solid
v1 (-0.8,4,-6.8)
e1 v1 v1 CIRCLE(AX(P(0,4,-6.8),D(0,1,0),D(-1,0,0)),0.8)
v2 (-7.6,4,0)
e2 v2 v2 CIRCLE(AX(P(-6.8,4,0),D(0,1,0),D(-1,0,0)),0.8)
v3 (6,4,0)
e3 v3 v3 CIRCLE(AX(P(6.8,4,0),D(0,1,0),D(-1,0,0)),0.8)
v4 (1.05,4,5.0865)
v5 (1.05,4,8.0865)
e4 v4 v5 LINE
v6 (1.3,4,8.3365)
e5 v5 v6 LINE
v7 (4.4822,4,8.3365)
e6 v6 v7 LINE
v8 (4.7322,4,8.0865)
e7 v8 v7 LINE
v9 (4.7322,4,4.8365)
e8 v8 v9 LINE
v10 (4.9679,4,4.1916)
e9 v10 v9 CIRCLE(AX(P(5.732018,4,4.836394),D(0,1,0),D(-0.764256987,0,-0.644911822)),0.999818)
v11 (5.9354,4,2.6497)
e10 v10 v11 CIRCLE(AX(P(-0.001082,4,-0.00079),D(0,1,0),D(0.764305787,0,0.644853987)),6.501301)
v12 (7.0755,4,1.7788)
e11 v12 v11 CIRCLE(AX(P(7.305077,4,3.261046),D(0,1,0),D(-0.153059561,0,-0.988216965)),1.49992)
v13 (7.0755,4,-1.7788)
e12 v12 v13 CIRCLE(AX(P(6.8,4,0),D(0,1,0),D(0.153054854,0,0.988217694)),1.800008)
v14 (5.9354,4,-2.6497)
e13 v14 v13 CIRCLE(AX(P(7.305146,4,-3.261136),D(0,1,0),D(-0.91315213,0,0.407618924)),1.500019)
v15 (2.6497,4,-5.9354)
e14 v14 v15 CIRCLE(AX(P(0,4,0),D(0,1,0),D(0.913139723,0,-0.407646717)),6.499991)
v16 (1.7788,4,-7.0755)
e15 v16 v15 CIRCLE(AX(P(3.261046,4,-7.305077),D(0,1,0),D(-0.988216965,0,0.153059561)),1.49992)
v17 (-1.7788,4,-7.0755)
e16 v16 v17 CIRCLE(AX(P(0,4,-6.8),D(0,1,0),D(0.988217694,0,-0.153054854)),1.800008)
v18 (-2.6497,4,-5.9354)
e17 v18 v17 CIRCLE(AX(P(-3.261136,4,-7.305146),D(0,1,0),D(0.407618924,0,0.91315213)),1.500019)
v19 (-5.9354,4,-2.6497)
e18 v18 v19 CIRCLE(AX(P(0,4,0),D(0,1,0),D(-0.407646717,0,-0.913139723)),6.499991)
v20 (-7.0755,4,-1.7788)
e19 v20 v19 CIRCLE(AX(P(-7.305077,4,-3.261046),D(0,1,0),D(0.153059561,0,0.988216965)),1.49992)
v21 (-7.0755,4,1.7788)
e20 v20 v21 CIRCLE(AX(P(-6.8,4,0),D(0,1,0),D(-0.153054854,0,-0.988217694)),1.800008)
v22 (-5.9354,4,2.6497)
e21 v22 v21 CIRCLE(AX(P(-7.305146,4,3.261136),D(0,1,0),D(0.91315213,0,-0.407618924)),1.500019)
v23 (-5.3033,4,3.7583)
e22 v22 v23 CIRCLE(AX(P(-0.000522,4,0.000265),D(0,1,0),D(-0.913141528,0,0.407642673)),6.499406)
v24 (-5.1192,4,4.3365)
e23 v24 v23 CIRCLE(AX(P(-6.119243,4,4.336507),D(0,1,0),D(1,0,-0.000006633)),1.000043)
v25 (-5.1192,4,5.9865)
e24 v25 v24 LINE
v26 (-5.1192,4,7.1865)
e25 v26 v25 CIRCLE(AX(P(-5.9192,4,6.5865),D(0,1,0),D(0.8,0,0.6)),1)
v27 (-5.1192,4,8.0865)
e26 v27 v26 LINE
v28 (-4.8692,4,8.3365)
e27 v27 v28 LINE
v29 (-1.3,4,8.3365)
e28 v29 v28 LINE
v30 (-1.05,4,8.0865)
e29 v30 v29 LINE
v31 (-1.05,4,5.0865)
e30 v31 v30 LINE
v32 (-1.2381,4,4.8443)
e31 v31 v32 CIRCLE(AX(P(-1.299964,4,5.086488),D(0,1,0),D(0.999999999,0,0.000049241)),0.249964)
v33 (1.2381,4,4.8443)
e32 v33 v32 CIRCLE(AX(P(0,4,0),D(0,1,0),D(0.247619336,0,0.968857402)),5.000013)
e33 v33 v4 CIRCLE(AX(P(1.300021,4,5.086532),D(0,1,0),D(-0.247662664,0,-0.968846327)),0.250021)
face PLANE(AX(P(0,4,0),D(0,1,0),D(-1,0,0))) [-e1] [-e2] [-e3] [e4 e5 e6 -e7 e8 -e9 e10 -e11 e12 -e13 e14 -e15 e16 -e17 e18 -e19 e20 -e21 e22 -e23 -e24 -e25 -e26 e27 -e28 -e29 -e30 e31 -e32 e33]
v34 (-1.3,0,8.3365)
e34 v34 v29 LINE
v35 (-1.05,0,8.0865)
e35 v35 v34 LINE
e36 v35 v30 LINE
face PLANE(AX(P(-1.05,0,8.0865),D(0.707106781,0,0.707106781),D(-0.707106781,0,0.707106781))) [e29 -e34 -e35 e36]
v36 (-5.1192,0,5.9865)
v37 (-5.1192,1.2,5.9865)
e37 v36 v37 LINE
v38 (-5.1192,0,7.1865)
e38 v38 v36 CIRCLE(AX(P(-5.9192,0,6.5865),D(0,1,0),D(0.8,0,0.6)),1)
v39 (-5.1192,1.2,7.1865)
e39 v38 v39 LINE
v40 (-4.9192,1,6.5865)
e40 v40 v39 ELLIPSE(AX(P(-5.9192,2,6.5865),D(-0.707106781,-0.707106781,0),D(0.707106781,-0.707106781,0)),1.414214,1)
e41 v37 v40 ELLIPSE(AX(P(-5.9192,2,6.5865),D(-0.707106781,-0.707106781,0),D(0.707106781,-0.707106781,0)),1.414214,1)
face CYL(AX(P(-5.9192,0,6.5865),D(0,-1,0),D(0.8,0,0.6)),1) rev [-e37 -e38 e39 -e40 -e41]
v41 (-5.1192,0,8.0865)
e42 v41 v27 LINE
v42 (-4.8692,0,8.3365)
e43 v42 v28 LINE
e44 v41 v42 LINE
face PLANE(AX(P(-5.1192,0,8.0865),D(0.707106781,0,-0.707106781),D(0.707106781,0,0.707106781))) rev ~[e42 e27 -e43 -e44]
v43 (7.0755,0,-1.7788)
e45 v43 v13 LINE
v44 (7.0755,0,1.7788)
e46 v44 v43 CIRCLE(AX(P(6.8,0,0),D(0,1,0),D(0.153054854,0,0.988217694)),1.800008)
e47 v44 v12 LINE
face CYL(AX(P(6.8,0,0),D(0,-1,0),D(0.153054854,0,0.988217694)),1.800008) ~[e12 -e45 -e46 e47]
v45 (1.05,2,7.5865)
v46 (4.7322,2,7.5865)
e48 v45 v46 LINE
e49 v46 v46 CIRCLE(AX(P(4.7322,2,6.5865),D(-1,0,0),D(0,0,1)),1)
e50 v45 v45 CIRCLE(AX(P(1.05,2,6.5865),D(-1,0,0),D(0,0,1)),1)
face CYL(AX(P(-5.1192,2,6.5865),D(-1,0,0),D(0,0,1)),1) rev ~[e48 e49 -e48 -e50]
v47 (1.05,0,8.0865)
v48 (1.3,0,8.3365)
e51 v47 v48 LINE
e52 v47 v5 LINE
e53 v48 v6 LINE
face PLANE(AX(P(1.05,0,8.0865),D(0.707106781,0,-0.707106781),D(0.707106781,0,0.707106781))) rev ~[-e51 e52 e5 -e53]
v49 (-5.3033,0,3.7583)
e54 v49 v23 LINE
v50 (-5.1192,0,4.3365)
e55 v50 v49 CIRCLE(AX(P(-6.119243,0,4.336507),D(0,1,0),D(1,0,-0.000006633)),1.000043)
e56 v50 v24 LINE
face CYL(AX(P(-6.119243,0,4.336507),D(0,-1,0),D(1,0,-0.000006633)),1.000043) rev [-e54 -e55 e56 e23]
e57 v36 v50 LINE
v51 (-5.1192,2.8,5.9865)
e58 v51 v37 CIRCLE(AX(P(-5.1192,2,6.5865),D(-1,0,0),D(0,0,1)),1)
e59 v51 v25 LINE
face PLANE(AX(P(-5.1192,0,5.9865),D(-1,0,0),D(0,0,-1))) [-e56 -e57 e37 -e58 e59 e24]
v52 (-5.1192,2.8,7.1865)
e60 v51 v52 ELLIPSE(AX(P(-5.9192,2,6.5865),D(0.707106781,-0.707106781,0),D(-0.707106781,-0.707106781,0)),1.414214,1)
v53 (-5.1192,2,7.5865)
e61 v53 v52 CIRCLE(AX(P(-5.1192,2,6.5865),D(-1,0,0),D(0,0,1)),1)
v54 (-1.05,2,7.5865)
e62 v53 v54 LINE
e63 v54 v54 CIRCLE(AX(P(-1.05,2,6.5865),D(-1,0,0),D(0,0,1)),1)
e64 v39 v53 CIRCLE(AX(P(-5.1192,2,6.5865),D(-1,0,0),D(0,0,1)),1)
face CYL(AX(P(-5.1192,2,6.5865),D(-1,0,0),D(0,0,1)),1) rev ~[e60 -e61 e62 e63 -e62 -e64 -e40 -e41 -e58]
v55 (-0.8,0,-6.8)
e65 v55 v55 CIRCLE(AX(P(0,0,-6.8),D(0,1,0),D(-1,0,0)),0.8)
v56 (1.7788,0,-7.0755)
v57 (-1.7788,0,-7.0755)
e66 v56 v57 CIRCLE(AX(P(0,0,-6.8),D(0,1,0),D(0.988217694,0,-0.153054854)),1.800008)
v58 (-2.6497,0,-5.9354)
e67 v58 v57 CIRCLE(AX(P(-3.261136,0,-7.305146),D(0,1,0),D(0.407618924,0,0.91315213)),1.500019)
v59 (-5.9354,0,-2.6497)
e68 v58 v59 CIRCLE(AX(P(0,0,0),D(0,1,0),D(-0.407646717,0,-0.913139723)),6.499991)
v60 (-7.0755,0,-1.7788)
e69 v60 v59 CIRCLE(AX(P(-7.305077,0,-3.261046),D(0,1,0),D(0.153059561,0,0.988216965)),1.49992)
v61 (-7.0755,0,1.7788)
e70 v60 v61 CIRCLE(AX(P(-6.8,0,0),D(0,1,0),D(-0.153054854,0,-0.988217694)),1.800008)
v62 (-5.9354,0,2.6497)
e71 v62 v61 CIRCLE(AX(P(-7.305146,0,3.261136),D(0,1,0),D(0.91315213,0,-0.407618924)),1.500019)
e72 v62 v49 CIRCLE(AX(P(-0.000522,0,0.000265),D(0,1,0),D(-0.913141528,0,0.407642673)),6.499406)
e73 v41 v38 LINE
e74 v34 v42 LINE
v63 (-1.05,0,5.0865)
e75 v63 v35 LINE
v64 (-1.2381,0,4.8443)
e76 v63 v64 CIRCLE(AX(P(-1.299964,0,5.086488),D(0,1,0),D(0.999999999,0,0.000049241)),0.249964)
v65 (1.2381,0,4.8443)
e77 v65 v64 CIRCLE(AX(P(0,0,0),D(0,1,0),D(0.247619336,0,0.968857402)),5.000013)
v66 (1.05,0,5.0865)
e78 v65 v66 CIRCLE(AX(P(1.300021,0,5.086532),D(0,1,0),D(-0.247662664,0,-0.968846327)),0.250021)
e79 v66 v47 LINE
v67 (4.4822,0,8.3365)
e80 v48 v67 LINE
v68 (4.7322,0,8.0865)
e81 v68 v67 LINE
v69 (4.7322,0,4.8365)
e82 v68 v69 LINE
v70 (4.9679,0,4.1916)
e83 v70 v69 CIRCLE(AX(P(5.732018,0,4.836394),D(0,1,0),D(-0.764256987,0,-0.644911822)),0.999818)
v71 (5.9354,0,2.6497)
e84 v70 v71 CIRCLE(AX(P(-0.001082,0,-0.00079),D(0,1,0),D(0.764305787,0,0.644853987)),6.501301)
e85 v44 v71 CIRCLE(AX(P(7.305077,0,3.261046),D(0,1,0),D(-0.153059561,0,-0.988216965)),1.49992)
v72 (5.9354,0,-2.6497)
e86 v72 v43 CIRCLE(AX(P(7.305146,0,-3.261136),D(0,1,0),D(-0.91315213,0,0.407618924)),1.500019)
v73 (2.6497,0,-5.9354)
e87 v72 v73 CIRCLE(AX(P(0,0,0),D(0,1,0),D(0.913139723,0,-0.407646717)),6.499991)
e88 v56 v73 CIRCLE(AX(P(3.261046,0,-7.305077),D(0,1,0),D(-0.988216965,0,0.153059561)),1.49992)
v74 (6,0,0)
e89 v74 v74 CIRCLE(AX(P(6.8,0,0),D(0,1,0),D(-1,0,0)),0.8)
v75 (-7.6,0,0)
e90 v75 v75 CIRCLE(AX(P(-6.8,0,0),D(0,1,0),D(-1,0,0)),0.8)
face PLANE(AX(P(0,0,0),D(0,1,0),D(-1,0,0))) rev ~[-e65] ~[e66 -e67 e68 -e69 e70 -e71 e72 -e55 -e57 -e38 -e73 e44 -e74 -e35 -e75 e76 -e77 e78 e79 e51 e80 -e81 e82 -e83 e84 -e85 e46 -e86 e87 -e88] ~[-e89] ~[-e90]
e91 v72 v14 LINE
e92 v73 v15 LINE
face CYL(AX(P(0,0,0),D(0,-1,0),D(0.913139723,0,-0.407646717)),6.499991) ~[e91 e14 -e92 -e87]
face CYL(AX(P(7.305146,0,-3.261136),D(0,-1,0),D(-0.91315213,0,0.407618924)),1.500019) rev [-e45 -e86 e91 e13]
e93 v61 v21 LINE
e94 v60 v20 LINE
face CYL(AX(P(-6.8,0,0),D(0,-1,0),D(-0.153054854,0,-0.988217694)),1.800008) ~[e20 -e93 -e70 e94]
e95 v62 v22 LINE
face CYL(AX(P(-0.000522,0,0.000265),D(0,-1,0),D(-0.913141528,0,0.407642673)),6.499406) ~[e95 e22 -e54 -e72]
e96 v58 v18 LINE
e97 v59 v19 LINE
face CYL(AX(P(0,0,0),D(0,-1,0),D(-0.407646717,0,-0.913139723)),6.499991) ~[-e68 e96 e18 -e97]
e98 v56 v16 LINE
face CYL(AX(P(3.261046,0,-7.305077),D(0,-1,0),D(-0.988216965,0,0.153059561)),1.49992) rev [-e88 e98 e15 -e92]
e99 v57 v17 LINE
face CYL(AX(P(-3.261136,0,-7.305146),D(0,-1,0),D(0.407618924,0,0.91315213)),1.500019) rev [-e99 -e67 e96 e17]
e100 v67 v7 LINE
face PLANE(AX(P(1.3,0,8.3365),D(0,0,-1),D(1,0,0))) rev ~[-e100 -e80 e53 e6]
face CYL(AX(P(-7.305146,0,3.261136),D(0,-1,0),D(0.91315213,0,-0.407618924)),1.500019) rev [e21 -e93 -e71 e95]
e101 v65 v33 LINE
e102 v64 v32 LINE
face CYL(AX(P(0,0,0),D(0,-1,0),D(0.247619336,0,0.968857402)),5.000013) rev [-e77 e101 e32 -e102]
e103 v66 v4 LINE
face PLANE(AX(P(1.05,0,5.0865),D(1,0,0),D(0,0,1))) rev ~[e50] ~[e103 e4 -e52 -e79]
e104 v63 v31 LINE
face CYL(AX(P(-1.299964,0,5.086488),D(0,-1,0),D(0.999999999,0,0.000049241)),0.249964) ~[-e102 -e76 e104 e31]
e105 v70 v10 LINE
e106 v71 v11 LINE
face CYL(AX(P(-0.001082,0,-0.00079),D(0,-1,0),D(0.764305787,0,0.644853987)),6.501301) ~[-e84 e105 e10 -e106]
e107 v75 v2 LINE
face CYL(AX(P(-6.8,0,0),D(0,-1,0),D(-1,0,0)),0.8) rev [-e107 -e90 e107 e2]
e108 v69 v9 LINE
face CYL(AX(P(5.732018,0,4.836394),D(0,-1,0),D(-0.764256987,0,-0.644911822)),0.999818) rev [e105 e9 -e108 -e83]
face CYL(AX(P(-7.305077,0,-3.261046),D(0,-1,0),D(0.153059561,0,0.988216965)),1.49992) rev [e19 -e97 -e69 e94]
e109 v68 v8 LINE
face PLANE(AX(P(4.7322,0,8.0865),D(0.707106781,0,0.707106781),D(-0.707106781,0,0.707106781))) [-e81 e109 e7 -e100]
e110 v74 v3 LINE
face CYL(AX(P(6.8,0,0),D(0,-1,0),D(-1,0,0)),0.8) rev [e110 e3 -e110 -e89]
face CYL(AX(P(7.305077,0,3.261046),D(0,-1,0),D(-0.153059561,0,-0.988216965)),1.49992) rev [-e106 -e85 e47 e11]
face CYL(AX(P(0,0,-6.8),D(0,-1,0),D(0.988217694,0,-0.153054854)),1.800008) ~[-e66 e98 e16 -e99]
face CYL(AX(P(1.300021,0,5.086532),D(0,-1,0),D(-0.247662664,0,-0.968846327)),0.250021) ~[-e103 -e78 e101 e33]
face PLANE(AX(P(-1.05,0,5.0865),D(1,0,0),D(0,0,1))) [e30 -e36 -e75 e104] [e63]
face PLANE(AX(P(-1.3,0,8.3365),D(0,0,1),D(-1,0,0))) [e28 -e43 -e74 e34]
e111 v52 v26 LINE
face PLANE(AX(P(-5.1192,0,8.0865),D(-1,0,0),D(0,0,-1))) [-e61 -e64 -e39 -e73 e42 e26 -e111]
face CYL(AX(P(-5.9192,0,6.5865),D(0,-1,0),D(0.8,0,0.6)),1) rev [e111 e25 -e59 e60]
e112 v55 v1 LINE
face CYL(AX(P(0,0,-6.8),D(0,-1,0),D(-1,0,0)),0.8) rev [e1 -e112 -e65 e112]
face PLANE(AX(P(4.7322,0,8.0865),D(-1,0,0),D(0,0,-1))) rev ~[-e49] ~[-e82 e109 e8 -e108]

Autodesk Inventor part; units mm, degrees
ref_plane "YZ Plane" through (0, 0, 0) normal (1, 0, 0) x (0, 1, 0)
ref_plane "XZ Plane" through (0, 0, 0) normal (0, 1, 0) x (-1, 0, 0)
ref_plane "XY Plane" through (0, 0, 0) normal (0, 0, 1) x (1, 0, 0)
sketch "スケッチ1" plane through (0, 0, 0) normal (0, 1, 0) x (-1, 0, 0)
  arc A0 (-1.2381, 4.8443) -> (1.2381, 4.8443) centre (0, 0) ccw
  line L0 (1.05, 5.0865) -> (1.05, 8.0865)
  line L1 (1.3, 8.3365) -> (4.8692, 8.3365)
  line L2 (-1.05, 5.0865) -> (-1.05, 8.0865)
  line L3 (-1.3, 8.3365) -> (-4.4822, 8.3365)
  line L4 (-4.7322, 8.0865) -> (-4.7322, 4.8365)
  line L5 (0, 0) -> (0, 8.2759) construction
  arc A1 (1.05, 5.0865) -> (1.2381, 4.8443) centre (1.3, 5.0865) ccw
  arc A2 (-1.2381, 4.8443) -> (-1.05, 5.0865) centre (-1.3, 5.0865) ccw
  arc A3 (-1.7788, -7.0755) -> (1.7788, -7.0755) centre (0, -6.8) ccw
  arc A4 (-4.9679, 4.1916) -> (-5.9354, 2.6497) centre (0, 0) ccw
  arc A5 (2.6497, -5.9354) -> (5.9354, -2.6497) centre (0, 0) ccw
  line L6 (0, -6.8) -> (0, 0) construction
  arc A6 (2.6497, -5.9354) -> (1.7788, -7.0755) centre (3.2611, -7.3051) ccw
  arc A7 (-1.7788, -7.0755) -> (-2.6497, -5.9354) centre (-3.2611, -7.3051) ccw
  circle A8 centre (0, -6.8) radius 0.8
  arc A9 (5.1192, 4.3365) -> (5.3033, 3.7583) centre (6.1192, 4.3365) ccw
  arc A10 (-4.9679, 4.1916) -> (-4.7322, 4.8365) centre (-5.7322, 4.8365) ccw
  line L7 (1.05, 8.0865) -> (1.3, 8.3365)
  line L8 (-1.05, 8.0865) -> (-1.3, 8.3365)
  arc A11 (5.1192, 7.1865) -> (5.1192, 5.9865) centre (5.9192, 6.5865) ccw
  line L9 (5.1192, 8.0865) -> (5.1192, 7.1865)
  line L10 (5.1192, 5.9865) -> (5.1192, 4.3365)
  line L11 (1.05, 6.5865) -> (5.9192, 6.5865) construction
  line L12 (5.1192, 8.0865) -> (4.8692, 8.3365)
  line L13 (-4.7322, 8.0865) -> (-4.4822, 8.3365)
  arc A12 (7.0755, -1.7788) -> (7.0755, 1.7788) centre (6.8, 0) ccw
  arc A13 (6.2684, -1.7197) -> (6.2684, 1.7197) centre (0, 0) ccw construction
  arc A14 (5.9354, 2.6497) -> (5.3033, 3.7583) centre (0, 0) ccw
  circle A15 centre (6.8, 0) radius 0.8
  arc A16 (7.0755, -1.7788) -> (5.9354, -2.6497) centre (7.3051, -3.2611) ccw
  arc A17 (5.9354, 2.6497) -> (7.0755, 1.7788) centre (7.3051, 3.2611) ccw
  line L14 (6.8, 0) -> (0, 0) construction
  arc A18 (-7.0755, 1.7788) -> (-7.0755, -1.7788) centre (-6.8, 0) ccw
  circle A19 centre (-6.8, 0) radius 0.8
  arc A20 (-5.9354, -2.6497) -> (-7.0755, -1.7788) centre (-7.3051, -3.2611) ccw
  arc A21 (-7.0755, 1.7788) -> (-5.9354, 2.6497) centre (-7.3051, 3.2611) ccw
  arc A22 (-5.9354, -2.6497) -> (-2.6497, -5.9354) centre (0, 0) ccw
  arc A23 (-5.9354, 2.6497) -> (-5.9354, -2.6497) centre (0, 0) ccw construction
  point P0 (-1.05, 4.8885)
  point P1 (1.05, 4.8885)
  point P2 (1.05, 8.3365)
  point P3 (5.1192, 8.3365)
  point P4 (5.1192, 4.0055)
  point P5 (-1.05, 8.3365)
  point P6 (-4.7322, 8.3365)
  point P7 (-4.7322, 4.456)
  dimension "d0" = 5
  dimension "d1" = 2.1
  dimension "d2" = 0.25
  dimension "d8" = 6.5
  dimension "d9" = 1.8
  dimension "d11" = 1.5
  dimension "d12" = 1.6
  dimension "d13" = 1
  dimension "d14" = 4
  dimension "d15" = 3.5
  dimension "d16" = 0.25
  dimension "d17" = 0.25
  dimension "d18" = 0.25
  dimension "d19" = 0.25
  dimension "d20" = 3
  dimension "d21" = 1
  dimension "d22" = 0.8
  dimension "d23" = 0.25
  dimension "d24" = 0.25
  dimension "d25" = 0.25
  dimension "d26" = 0.25
  dimension "d27" = 1.5
extrude "押し出し1" add sketch "スケッチ1" along normal blind 4
sketch "スケッチ2" plane through (-5.1192, 0, 7.1865) normal (-1, 0, 0) x (0, 0, 1)
  circle A0 centre (-0.6, 2) radius 1
  line L0 (-0.6, 2) -> (-0.6, 4) construction
  line L1 (-2.1, 4) -> (0.9, 4) construction
  point P0 (-7.1865, 0)
  dimension "d30" = 2
  dimension "d31" = 2
extrude "押し出し2" cut sketch "スケッチ2" against normal blind 10
equation "\"d17\" = d16"
equation "\"d18\" = d16"
equation "\"d19\" = d18"
equation "\"d24\" = d23"
equation "\"d25\" = d23"
equation "\"d26\" = d25"
properties part number "16_022_TIBIA_PIPE_CLAMPER_R1" material "アルミニウム 6061"
